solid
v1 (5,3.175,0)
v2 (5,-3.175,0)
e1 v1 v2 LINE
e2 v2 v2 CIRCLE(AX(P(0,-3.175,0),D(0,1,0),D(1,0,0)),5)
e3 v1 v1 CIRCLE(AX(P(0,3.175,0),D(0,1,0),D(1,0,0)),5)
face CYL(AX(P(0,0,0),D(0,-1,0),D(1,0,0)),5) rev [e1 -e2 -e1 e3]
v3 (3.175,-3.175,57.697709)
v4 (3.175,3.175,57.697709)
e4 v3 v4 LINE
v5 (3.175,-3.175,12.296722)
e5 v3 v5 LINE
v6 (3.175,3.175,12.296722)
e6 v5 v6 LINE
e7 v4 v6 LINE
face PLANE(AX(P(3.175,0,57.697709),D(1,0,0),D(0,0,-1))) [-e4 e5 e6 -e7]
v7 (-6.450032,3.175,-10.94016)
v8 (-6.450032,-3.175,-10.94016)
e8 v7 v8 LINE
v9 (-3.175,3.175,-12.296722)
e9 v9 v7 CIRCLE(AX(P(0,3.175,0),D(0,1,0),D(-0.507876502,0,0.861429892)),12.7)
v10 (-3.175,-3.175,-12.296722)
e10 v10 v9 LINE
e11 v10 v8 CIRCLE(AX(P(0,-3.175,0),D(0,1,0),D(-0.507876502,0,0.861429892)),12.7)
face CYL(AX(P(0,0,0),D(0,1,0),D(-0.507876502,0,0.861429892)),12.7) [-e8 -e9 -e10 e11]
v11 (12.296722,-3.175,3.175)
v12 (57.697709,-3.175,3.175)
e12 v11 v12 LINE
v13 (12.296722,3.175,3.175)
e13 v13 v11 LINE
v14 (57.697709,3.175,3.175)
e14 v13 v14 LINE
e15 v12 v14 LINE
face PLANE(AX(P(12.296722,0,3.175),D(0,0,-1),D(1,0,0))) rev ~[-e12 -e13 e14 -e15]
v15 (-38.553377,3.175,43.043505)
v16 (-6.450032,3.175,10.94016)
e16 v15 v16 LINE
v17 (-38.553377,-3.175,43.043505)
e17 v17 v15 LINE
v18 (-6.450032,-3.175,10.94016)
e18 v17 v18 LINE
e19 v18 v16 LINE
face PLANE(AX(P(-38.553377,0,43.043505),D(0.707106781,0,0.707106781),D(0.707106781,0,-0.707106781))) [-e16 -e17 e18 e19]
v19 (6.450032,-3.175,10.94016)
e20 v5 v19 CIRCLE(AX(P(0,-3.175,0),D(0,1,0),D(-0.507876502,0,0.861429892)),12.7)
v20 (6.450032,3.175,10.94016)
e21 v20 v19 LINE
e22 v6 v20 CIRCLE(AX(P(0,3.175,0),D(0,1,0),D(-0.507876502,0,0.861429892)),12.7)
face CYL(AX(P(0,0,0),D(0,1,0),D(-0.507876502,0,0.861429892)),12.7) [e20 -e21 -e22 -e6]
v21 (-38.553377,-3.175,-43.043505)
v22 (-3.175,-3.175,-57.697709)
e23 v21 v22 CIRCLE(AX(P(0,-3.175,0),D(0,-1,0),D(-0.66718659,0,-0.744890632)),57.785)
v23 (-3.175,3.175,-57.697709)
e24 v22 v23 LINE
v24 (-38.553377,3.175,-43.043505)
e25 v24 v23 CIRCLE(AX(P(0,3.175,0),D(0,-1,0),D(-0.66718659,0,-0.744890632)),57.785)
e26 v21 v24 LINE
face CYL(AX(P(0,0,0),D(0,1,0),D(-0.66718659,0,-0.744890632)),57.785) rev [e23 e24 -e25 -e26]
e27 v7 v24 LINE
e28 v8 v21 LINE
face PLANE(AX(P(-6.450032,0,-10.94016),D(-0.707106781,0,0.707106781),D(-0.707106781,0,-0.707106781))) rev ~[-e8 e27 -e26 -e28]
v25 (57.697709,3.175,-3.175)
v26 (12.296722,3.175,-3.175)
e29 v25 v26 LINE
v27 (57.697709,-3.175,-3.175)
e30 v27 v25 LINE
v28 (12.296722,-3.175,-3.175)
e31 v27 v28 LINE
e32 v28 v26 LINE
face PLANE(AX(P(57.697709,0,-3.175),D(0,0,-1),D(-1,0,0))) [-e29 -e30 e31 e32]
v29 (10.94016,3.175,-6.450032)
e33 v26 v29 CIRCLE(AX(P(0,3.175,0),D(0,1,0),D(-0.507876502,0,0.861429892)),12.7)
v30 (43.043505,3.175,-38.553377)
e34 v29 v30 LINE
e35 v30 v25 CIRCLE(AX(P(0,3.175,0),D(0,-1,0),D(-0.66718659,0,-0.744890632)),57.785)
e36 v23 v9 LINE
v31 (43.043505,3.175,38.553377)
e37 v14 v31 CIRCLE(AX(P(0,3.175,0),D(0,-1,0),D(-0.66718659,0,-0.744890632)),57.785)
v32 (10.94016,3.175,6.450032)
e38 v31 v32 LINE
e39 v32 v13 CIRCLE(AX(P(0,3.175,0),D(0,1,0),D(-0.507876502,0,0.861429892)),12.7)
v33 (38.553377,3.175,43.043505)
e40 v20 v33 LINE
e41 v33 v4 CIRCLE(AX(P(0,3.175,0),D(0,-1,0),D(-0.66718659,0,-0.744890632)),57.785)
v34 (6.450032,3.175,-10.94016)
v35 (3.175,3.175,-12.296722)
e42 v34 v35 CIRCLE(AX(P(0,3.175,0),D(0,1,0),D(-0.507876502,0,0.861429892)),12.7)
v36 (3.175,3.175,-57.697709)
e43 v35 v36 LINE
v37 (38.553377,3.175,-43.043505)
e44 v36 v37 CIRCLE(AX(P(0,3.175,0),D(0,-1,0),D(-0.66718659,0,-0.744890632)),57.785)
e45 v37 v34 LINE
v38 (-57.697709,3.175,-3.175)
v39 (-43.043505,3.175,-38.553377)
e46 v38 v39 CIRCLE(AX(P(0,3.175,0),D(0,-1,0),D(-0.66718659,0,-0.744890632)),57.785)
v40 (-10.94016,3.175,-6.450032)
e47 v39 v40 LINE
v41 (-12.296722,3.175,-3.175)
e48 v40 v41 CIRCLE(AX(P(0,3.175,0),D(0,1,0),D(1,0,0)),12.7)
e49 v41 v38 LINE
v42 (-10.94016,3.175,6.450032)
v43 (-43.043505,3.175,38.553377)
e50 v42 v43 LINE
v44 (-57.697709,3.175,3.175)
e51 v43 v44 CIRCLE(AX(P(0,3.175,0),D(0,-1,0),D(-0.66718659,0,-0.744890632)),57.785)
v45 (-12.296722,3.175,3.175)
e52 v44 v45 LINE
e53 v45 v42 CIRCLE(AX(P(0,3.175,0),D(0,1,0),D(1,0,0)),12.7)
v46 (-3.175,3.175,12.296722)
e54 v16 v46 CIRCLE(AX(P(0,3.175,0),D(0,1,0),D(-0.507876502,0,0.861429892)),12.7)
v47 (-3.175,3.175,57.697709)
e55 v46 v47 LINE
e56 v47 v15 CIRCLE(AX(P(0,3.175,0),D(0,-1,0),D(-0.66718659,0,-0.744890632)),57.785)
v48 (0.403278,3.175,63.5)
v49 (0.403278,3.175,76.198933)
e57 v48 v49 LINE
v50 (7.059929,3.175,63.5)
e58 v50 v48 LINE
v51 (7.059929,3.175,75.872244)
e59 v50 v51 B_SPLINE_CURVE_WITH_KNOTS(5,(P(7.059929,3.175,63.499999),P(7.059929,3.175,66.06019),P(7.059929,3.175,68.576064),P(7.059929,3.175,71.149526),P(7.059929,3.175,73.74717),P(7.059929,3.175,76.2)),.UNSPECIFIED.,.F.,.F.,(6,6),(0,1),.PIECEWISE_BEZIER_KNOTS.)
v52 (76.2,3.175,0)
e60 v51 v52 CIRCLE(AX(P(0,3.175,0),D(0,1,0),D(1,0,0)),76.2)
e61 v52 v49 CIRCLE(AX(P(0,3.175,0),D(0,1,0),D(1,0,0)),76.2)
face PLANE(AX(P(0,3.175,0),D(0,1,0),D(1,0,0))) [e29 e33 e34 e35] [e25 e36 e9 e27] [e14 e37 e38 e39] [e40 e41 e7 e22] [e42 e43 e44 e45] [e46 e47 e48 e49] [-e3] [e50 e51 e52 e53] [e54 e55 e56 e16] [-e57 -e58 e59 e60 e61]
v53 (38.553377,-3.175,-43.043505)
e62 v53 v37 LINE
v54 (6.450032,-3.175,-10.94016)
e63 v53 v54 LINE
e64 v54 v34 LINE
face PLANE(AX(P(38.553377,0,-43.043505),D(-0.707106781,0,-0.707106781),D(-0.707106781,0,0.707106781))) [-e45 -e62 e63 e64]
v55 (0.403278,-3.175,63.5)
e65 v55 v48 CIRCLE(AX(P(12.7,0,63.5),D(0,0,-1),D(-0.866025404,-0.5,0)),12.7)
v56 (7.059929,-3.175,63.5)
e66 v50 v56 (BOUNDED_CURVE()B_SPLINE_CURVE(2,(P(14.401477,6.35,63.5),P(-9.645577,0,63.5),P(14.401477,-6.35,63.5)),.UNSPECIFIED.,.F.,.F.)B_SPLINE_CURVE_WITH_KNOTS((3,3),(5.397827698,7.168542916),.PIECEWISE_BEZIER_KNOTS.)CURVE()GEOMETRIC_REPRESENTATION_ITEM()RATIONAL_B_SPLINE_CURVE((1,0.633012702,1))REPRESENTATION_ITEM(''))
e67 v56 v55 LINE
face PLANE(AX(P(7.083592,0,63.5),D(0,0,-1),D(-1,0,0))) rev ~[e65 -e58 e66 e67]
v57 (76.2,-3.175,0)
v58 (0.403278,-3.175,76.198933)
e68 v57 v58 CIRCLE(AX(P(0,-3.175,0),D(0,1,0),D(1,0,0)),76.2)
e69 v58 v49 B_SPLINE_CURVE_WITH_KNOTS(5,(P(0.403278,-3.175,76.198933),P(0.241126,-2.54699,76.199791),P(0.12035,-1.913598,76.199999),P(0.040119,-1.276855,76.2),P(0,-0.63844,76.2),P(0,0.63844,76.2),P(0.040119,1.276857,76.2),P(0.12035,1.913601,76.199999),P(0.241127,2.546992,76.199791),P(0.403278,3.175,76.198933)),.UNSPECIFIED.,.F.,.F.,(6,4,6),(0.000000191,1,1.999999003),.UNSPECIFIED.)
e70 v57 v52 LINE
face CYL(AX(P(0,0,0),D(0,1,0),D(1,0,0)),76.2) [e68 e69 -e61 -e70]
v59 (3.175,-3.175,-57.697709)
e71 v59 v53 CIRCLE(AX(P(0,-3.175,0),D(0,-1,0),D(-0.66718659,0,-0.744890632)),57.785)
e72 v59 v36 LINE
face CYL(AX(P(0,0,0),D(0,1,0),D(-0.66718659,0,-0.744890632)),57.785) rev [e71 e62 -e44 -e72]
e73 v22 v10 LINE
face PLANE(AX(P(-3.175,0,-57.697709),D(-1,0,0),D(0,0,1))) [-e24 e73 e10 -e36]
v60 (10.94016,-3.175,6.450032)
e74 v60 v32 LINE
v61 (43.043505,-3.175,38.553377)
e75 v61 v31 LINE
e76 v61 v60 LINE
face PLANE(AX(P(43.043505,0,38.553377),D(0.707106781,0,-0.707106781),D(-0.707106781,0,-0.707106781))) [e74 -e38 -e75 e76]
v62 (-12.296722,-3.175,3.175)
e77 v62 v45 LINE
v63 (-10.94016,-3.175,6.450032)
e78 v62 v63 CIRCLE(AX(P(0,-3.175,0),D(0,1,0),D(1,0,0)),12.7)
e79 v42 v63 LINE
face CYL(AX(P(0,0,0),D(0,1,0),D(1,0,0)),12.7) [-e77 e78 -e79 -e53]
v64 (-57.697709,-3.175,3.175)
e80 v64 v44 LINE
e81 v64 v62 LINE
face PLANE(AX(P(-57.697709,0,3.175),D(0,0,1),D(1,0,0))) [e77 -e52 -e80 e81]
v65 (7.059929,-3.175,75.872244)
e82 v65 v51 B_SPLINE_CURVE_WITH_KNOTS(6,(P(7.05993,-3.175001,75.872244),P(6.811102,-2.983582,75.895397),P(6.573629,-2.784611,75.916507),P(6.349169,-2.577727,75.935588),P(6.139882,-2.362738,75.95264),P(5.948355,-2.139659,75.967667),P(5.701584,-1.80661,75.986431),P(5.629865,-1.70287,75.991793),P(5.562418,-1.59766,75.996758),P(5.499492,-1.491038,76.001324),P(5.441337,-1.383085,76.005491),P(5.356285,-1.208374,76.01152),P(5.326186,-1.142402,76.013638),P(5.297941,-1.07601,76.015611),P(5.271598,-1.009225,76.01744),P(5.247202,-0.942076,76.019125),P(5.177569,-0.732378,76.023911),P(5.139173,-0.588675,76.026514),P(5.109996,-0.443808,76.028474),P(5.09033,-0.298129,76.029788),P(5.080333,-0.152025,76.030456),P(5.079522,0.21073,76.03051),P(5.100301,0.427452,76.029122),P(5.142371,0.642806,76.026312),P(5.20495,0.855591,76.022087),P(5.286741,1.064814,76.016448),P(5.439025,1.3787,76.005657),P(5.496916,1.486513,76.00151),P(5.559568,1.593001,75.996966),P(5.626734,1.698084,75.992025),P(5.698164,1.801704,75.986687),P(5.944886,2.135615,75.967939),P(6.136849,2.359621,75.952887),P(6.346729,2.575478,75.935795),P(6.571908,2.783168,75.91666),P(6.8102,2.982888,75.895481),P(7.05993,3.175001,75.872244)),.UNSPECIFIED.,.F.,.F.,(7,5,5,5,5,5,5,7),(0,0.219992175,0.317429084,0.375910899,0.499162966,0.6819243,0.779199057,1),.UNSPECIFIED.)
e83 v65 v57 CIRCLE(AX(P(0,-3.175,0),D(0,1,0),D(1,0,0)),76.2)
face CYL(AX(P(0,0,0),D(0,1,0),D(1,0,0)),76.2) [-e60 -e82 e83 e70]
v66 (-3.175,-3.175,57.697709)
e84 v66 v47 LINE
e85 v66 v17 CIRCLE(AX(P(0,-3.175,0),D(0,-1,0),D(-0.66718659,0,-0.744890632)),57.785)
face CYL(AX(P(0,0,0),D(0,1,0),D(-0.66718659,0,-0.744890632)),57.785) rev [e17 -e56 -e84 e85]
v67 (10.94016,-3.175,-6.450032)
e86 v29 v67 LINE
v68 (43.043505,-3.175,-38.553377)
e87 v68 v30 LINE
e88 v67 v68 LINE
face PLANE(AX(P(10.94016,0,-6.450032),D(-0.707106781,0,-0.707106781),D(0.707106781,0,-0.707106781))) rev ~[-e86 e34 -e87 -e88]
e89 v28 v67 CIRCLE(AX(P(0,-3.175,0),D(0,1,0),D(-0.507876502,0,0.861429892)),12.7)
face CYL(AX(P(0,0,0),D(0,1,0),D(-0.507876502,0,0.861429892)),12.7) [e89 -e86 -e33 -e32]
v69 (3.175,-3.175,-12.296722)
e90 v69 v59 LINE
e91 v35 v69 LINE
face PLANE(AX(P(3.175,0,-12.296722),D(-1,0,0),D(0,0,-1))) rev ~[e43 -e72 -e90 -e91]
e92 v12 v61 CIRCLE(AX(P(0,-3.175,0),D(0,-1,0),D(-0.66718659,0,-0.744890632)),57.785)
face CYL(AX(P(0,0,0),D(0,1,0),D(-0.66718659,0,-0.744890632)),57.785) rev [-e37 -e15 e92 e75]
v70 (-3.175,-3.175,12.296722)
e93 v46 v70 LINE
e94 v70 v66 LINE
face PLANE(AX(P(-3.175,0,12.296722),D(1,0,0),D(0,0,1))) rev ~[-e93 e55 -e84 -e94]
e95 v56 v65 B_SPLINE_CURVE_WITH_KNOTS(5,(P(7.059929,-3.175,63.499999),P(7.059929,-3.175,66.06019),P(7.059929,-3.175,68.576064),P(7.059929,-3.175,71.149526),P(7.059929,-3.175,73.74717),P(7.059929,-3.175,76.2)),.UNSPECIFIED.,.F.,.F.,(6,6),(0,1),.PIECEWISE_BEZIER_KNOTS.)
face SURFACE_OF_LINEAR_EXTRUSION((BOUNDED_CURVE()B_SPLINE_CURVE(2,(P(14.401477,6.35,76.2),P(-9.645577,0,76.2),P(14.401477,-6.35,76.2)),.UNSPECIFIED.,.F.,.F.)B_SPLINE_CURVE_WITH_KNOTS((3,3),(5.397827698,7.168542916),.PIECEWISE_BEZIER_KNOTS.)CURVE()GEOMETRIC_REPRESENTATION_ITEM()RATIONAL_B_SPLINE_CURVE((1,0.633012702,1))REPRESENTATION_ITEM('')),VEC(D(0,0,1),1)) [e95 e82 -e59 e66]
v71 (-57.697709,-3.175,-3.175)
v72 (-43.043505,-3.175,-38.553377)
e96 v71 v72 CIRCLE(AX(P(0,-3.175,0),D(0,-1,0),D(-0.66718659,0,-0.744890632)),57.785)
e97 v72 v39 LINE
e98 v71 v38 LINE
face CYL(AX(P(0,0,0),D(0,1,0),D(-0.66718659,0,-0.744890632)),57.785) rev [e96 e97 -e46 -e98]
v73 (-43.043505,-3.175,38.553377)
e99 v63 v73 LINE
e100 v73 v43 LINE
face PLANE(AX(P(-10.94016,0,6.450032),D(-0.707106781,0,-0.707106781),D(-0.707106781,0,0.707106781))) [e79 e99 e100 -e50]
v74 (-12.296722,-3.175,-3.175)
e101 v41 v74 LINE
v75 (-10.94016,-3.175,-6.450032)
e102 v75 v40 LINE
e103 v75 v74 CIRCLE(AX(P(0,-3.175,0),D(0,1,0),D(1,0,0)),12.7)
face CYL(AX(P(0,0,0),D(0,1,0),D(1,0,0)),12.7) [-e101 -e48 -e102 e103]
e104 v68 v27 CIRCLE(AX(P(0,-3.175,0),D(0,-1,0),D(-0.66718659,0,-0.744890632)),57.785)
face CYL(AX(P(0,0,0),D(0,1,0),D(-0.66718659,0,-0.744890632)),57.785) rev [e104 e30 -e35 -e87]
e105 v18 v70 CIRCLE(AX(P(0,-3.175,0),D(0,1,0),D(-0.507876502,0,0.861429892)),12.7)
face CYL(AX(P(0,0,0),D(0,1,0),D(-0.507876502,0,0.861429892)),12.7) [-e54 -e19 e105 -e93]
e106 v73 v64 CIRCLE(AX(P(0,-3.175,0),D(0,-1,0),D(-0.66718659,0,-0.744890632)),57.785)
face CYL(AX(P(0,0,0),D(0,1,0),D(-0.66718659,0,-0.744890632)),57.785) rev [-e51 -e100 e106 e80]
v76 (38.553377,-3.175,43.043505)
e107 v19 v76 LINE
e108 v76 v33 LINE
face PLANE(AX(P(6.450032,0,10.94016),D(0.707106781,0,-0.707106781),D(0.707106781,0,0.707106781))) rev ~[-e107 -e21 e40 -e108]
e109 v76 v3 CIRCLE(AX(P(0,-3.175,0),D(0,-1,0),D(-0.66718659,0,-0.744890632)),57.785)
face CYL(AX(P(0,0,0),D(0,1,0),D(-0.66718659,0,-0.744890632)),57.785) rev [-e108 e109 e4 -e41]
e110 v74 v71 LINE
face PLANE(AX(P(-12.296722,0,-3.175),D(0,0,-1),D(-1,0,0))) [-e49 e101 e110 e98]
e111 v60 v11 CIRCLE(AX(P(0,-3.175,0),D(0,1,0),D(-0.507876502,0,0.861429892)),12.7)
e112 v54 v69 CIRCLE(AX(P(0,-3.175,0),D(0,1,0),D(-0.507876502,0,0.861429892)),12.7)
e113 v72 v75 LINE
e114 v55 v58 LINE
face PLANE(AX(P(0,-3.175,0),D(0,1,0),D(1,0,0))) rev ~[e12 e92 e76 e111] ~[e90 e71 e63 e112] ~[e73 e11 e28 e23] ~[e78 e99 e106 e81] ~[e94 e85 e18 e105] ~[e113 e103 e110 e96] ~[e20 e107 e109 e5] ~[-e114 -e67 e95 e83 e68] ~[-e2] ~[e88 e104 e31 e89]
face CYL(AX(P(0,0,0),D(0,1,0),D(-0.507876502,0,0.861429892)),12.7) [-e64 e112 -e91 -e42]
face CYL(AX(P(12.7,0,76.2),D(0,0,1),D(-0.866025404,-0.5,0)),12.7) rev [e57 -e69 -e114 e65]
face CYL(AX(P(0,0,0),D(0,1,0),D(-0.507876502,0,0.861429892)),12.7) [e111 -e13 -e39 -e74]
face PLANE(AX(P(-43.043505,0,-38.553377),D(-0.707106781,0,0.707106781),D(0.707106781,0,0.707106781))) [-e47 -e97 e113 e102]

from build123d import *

# Parameters (mm, degrees)
SKETCH1_R           = 76.2
SKETCH1_R_2         = 57.785
SKETCH1_R_3         = 12.7
SKETCH1_R_4         = 5
BOSS_EXTRUDE1_DEPTH = 3.175
CUT_EXTRUDE1_DEPTH  = 12.7


with BuildPart() as part:
    # Sketch1 → Boss-Extrude1 (new body, symmetric)
    with BuildSketch(Plane(origin=(0, 0, 0), x_dir=(1, 0, 0), z_dir=(0, 1, 0))):
        Circle(SKETCH1_R)
        Circle(SKETCH1_R_2, mode=Mode.SUBTRACT)
        with BuildLine():
            Line((-6.45003157, 10.940159631), (-38.553377116, 43.043505177))
            ThreePointArc((-38.553377116, 43.043505177), (-40.860165351, 40.860165351), (-43.043505177, 38.553377116))
            Line((-43.043505177, 38.553377116), (-10.940159631, 6.45003157))
            ThreePointArc((-10.940159631, 6.45003157), (-8.980256121, 8.980256121), (-6.45003157, 10.940159631))
        make_face()
        with BuildLine():
            Line((-12.296722124, 3.175), (-57.697708793, 3.175))
            ThreePointArc((-57.697708793, 3.175), (-57.785, 0), (-57.697708793, -3.175))
            Line((-57.697708793, -3.175), (-12.296722124, -3.175))
            ThreePointArc((-12.296722124, -3.175), (-12.7, 0), (-12.296722124, 3.175))
        make_face()
        with BuildLine():
            Line((-10.940159631, -6.45003157), (-43.043505177, -38.553377116))
            ThreePointArc((-43.043505177, -38.553377116), (-40.860165351, -40.860165351), (-38.553377116, -43.043505177))
            Line((-38.553377116, -43.043505177), (-6.45003157, -10.940159631))
            ThreePointArc((-6.45003157, -10.940159631), (-8.980256121, -8.980256121), (-10.940159631, -6.45003157))
        make_face()
        Circle(SKETCH1_R_3)
        Circle(SKETCH1_R_4, mode=Mode.SUBTRACT)
        with BuildLine():
            Line((-3.175, -12.296722124), (-3.175, -57.697708793))
            ThreePointArc((-3.175, -57.697708793), (0, -57.785), (3.175, -57.697708793))
            Line((3.175, -57.697708793), (3.175, -12.296722124))
            ThreePointArc((3.175, -12.296722124), (0, -12.7), (-3.175, -12.296722124))
        make_face()
        with BuildLine():
            ThreePointArc((38.553377116, -43.043505177), (40.860165351, -40.860165351), (43.043505177, -38.553377116))
            Line((43.043505177, -38.553377116), (10.940159631, -6.45003157))
            ThreePointArc((10.940159631, -6.45003157), (8.980256121, -8.980256121), (6.45003157, -10.940159631))
            Line((6.45003157, -10.940159631), (38.553377116, -43.043505177))
        make_face()
        with BuildLine():
            ThreePointArc((57.785, 0), (57.763173076, 1.588099867), (57.697708793, 3.175))
            Line((57.697708793, 3.175), (12.296722124, 3.175))
            ThreePointArc((12.296722124, 3.175), (12.598777143, 1.600254515), (12.7, 0))
            ThreePointArc((12.7, 0), (12.598777143, -1.600254515), (12.296722124, -3.175))
            Line((12.296722124, -3.175), (57.697708793, -3.175))
            ThreePointArc((57.697708793, -3.175), (57.763173076, -1.588099867), (57.785, 0))
        make_face()
        with BuildLine():
            ThreePointArc((43.043505177, 38.553377116), (40.860165351, 40.860165351), (38.553377116, 43.043505177))
            Line((38.553377116, 43.043505177), (6.45003157, 10.940159631))
            ThreePointArc((6.45003157, 10.940159631), (8.980256121, 8.980256121), (10.940159631, 6.45003157))
            Line((10.940159631, 6.45003157), (43.043505177, 38.553377116))
        make_face()
        with BuildLine():
            ThreePointArc((3.175, 57.697708793), (0, 57.785), (-3.175, 57.697708793))
            Line((-3.175, 57.697708793), (-3.175, 12.296722124))
            ThreePointArc((-3.175, 12.296722124), (0, 12.7), (3.175, 12.296722124))
            Line((3.175, 12.296722124), (3.175, 57.697708793))
        make_face()
    extrude(amount=BOSS_EXTRUDE1_DEPTH, both=True)

    # Sketch2 → Cut-Extrude1 (cut)
    with BuildSketch(Plane.XY.offset(76.2)):
        with BuildLine():
            Line((1.701477372, 6.35), (14.401477372, 6.35))
            add(Edge.make_bspline(
                [(14.401477372, 6.35), (-9.645577139, 0), (14.401477372, -6.35)],
                knots=[5.397827698, 5.397827698, 5.397827698, 7.168542916, 7.168542916, 7.168542916], degree=2, weights=[1, 0.633012702, 1]))
            Line((14.401477372, -6.35), (1.701477372, -6.35))
            ThreePointArc((1.701477372, -6.35), (0, 0), (1.701477372, 6.35))
        make_face()
    extrude(amount=-CUT_EXTRUDE1_DEPTH, mode=Mode.SUBTRACT)


solid = part.part
